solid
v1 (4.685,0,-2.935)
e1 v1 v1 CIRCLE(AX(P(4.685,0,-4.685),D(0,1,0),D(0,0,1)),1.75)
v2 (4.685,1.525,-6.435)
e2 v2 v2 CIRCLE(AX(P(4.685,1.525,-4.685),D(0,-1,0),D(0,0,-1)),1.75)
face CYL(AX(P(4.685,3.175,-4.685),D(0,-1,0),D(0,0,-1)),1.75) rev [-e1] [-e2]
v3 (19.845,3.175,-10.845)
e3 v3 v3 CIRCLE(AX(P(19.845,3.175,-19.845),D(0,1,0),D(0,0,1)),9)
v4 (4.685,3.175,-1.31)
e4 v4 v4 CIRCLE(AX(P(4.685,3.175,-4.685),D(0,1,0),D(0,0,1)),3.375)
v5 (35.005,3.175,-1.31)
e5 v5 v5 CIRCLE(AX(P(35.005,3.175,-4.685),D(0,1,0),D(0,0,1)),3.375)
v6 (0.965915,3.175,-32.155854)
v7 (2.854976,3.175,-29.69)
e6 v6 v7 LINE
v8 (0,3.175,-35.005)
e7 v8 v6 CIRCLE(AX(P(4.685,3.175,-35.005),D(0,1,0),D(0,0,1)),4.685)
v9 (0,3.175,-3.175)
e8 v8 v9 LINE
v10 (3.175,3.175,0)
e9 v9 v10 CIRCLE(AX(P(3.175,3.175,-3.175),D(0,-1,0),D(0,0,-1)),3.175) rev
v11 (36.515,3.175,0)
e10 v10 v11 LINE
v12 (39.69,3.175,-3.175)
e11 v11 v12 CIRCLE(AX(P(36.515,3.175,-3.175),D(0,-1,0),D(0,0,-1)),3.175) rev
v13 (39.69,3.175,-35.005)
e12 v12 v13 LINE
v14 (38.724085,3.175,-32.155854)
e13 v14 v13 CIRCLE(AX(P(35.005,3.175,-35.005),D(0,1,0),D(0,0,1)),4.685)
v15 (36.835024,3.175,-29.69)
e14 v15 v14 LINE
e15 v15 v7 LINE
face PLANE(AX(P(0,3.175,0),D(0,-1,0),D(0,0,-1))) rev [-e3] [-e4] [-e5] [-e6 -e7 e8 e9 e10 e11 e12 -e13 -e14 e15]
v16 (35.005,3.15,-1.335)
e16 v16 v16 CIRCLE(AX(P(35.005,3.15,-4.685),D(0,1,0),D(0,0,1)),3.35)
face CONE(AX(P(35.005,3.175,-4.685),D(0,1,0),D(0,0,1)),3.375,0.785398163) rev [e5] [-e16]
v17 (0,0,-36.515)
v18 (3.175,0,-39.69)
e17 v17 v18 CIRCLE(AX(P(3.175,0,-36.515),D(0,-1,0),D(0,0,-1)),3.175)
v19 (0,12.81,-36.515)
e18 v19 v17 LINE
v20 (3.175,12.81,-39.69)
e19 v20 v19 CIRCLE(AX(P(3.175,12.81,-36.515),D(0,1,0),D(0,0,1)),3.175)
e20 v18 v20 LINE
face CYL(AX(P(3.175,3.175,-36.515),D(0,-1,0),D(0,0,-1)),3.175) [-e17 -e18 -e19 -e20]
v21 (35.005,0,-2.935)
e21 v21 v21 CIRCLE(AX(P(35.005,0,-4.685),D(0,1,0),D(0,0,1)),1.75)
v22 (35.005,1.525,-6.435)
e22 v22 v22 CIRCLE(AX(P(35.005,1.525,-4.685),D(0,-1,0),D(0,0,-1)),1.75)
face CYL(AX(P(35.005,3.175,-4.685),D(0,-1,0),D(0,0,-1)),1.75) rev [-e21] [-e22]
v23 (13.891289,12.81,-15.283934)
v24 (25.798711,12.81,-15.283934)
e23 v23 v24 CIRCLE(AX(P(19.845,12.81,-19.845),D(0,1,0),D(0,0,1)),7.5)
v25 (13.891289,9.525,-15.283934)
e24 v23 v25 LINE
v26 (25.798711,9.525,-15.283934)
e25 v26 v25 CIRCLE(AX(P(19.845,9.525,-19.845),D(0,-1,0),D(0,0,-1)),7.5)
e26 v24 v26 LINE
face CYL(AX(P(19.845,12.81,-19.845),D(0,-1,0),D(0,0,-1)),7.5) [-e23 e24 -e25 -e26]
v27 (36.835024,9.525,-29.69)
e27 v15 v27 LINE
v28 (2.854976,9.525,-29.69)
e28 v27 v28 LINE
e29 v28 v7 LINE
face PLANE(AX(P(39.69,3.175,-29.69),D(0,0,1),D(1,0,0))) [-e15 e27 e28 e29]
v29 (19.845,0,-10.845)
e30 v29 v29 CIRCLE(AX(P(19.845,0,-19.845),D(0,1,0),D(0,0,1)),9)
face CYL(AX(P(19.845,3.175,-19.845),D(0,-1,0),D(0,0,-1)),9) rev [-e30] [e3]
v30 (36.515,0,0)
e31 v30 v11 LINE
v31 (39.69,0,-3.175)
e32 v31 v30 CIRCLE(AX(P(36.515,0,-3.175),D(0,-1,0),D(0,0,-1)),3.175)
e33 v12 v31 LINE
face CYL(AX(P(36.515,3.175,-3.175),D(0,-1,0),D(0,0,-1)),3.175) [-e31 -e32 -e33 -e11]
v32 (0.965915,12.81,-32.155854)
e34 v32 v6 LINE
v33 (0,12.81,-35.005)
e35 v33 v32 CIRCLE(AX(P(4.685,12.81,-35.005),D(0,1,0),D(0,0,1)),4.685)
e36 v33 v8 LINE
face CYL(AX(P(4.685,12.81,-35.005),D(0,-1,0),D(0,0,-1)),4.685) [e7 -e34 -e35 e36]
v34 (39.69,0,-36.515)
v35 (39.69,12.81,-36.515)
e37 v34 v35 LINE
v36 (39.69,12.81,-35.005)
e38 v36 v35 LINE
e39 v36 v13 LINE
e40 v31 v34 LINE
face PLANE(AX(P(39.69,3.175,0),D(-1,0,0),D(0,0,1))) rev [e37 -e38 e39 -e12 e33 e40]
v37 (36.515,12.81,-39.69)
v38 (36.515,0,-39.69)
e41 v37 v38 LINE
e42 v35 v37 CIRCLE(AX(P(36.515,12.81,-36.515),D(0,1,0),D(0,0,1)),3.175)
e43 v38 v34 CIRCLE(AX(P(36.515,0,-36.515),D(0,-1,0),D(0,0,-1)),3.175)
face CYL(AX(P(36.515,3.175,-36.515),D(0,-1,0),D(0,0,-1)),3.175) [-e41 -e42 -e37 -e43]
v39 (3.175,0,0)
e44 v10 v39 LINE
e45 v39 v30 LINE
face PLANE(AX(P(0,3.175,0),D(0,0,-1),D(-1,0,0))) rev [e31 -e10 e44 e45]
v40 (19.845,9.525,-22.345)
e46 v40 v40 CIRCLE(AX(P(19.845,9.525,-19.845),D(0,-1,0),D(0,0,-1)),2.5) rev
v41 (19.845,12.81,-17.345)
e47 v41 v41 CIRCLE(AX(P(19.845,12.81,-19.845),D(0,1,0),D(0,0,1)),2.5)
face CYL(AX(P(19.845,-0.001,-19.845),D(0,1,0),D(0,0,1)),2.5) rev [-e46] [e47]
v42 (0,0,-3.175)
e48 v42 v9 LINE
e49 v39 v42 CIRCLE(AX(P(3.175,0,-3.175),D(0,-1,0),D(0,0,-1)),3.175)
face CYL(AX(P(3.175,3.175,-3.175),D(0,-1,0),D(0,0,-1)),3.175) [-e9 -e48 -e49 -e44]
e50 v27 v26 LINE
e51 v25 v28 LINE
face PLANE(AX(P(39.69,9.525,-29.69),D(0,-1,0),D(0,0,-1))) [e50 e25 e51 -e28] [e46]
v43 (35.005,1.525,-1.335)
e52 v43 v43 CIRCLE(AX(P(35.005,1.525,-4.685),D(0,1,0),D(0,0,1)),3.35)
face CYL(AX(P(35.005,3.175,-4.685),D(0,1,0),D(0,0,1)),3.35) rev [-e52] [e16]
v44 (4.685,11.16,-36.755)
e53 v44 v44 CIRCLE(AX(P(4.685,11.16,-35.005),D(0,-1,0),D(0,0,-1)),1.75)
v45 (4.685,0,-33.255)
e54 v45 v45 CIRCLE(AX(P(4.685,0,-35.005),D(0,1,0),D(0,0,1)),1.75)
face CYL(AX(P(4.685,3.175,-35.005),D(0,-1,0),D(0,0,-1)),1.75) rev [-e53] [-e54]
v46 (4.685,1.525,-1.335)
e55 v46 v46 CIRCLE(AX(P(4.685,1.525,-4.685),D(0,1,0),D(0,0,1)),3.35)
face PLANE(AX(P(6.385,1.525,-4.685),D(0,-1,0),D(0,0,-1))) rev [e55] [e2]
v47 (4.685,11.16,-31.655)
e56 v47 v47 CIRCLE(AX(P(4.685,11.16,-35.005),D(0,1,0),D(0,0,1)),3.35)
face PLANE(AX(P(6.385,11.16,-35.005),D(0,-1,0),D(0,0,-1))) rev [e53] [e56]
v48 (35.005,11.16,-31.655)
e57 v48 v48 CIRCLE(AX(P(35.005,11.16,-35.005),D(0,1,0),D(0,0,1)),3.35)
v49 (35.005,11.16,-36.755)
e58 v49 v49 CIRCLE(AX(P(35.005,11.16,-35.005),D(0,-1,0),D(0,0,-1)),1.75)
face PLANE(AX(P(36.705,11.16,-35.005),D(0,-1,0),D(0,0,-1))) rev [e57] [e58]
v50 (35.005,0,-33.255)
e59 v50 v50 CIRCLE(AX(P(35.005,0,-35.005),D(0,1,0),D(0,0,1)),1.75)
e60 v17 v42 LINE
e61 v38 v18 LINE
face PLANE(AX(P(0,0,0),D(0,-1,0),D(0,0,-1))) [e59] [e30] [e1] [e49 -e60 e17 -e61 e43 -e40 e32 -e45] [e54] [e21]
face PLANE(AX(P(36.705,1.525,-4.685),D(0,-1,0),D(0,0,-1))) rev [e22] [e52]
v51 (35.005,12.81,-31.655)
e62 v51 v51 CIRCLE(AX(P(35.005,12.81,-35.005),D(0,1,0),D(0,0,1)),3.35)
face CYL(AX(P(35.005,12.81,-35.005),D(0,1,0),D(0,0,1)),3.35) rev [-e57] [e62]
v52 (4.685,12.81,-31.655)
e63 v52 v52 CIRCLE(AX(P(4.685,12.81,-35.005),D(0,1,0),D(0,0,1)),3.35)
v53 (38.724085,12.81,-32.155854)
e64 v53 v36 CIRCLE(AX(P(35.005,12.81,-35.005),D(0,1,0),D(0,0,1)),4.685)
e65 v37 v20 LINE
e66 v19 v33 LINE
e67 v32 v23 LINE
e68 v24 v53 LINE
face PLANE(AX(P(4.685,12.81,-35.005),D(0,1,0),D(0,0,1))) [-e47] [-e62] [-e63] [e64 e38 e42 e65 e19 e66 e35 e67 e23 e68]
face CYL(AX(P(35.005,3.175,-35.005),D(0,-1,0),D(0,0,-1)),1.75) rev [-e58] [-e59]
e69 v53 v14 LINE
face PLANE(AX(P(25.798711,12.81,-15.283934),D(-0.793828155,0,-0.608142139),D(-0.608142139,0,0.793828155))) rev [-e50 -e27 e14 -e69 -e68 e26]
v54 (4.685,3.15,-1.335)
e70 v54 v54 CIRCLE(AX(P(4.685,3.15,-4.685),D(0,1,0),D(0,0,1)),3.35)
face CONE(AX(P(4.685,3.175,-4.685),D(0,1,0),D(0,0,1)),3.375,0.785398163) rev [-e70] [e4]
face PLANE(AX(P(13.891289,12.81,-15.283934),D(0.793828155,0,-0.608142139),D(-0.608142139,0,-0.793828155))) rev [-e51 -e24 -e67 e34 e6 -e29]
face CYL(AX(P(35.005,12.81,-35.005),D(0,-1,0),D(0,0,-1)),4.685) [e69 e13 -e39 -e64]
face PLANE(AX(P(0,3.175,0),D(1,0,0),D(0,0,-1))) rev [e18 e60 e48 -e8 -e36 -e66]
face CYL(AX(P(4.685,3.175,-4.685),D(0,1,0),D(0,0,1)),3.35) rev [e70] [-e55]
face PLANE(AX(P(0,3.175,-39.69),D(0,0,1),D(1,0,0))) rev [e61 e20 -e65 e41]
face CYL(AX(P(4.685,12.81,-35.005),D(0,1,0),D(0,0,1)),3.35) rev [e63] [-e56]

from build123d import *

# Parameters (mm, degrees)
SKETCH1_W                       = 39.69
SKETCH1_H                       = 39.69
SKETCH1_R                       = 1.75
SKETCH1_R_2                     = 9
BOSS_EXTRUDE1_DEPTH             = 3.175
SKETCH2_R                       = 1.75
BOSS_EXTRUDE2_DEPTH             = 9.635
SKETCH3_W                       = 29.69
SKETCH3_H                       = 6.35
CUT_EXTRUDE1_DEPTH              = 40.69
CBORE_FOR_M3_SBHCS1_D           = 3.4
CBORE_FOR_M3_SBHCS1_DEPTH       = 14.3
CBORE_FOR_M3_SBHCS1_CBORE_D     = 6.7
CBORE_FOR_M3_SBHCS1_CBORE_DEPTH = 1.65
CBORE_FOR_M3_SBHCS1_TIP         = 1.021463052
CBORE_FOR_M3_SBHCS2_AT_2_COUNT  = 2
CBORE_FOR_M3_SBHCS2_AT_2_PITCH  = 30.32
FILLET1_R                       = 3.175
CUT_EXTRUDE2_REACH              = 14.81
SKETCH8_R                       = 2.5


with BuildPart() as part:
    # Sketch1 → Boss-Extrude1 (new body)
    with BuildSketch(Plane(origin=(0, 0, 0), x_dir=(1, 0, 0), z_dir=(0, 1, 0))):
        with Locations((19.845, 19.845)):
            Rectangle(SKETCH1_W, SKETCH1_H)
        with Locations((4.685, 4.685)):
            Circle(SKETCH1_R, mode=Mode.SUBTRACT)
        with Locations((35.005, 4.685)):
            Circle(SKETCH1_R, mode=Mode.SUBTRACT)
        with Locations((35.005, 35.005)):
            Circle(SKETCH1_R, mode=Mode.SUBTRACT)
        with Locations((4.685, 35.005)):
            Circle(SKETCH1_R, mode=Mode.SUBTRACT)
        with Locations((19.845, 19.845)):
            Circle(SKETCH1_R_2, mode=Mode.SUBTRACT)
    extrude(amount=BOSS_EXTRUDE1_DEPTH)

    # Sketch2 → Boss-Extrude2 (add)
    with BuildSketch(Plane(origin=(0, 3.175, 0), x_dir=(1, 0, 0), z_dir=(0, 1, 0))):
        with BuildLine():
            Line((0, 35.005), (0, 39.69))
            Line((0, 39.69), (4.685, 39.69))
            Line((4.685, 39.69), (35.005, 39.69))
            Line((35.005, 39.69), (39.69, 39.69))
            Line((39.69, 39.69), (39.69, 35.005))
            ThreePointArc((39.69, 35.005), (39.441954912, 33.500787212), (38.724084904, 32.15585408))
            Line((38.724084904, 32.15585408), (25.79871116, 15.283933959))
            ThreePointArc((25.79871116, 15.283933959), (19.845, 12.345), (13.89128884, 15.283933959))
            Line((13.89128884, 15.283933959), (0.965915096, 32.15585408))
            ThreePointArc((0.965915096, 32.15585408), (0.248045088, 33.500787212), (0, 35.005))
        make_face()
        with Locations((35.005, 35.005)):
            Circle(SKETCH2_R, mode=Mode.SUBTRACT)
        with Locations((4.685, 35.005)):
            Circle(SKETCH2_R, mode=Mode.SUBTRACT)
    extrude(amount=BOSS_EXTRUDE2_DEPTH)

    # Sketch3 → Cut-Extrude1 (cut, through all)
    with BuildSketch(Plane.ZY):
        with Locations((-14.845, 6.35)):
            Rectangle(SKETCH3_W, SKETCH3_H)
    extrude(amount=-CUT_EXTRUDE1_DEPTH, mode=Mode.SUBTRACT)

    # CBORE for M3 SBHCS1
    with Locations(Plane(origin=(0, 12.81, 0), x_dir=(1, 0, 0), z_dir=(0, 1, 0))):
        with Locations((4.685, 35.005), (35.005, 35.005)):
            CounterBoreHole(CBORE_FOR_M3_SBHCS1_D / 2, CBORE_FOR_M3_SBHCS1_CBORE_D / 2, CBORE_FOR_M3_SBHCS1_CBORE_DEPTH, depth=CBORE_FOR_M3_SBHCS1_DEPTH)
            with Locations((0, 0, -(CBORE_FOR_M3_SBHCS1_DEPTH + CBORE_FOR_M3_SBHCS1_TIP / 2))):  # 118° drill point
                Cone(0, CBORE_FOR_M3_SBHCS1_D / 2, CBORE_FOR_M3_SBHCS1_TIP, mode=Mode.SUBTRACT)

    # Sketch7 → CBORE for M3 SBHCS2 (revolve, cut)
    with BuildSketch(Plane(origin=(4.685, 3.175, -4.685), x_dir=(0, 0, 1), z_dir=(1, 0, 0))):
        Polygon((0, 0), (0, 15.321463052), (1.7, 14.3), (1.7, 1.65), (3.35, 1.65), (3.35, 0.025), (3.375, 0), align=None)
    cbore_for_m3_sbhcs2 = revolve(axis=Axis((4.685, 9.525, -4.685), (0, -1, 0)), mode=Mode.SUBTRACT)

    # CBORE for M3 SBHCS2 at 2: CBORE for M3 SBHCS2 ×2
    with Locations(*[(i * CBORE_FOR_M3_SBHCS2_AT_2_PITCH, 0, 0) for i in range(1, CBORE_FOR_M3_SBHCS2_AT_2_COUNT)]):
        add(cbore_for_m3_sbhcs2, mode=Mode.SUBTRACT)

    # Fillet1
    fillet1_edges = [part.edges().sort_by_distance(p)[0] for p in [
        (0, 6.405, -39.69),
        (39.69, 6.405, -39.69),
        (39.69, 1.5875, 0),
        (0, 1.5875, 0),
    ]]
    fillet(fillet1_edges, radius=FILLET1_R)

    # Sketch8 → Cut-Extrude2 (cut, up to next)
    with BuildSketch(Plane(origin=(0, 12.81, 0), x_dir=(1, 0, 0), z_dir=(0, 1, 0)), mode=Mode.PRIVATE) as cut_extrude2_sk1:
        with Locations((19.845, 19.845)):
            Circle(SKETCH8_R)
    cut_extrude2_tool1 = extrude(cut_extrude2_sk1.sketch, amount=-CUT_EXTRUDE2_REACH, mode=Mode.PRIVATE) & part.part
    add(cut_extrude2_tool1.solids().sort_by_distance((19.845, 12.81, -19.845))[0], mode=Mode.SUBTRACT)


solid = part.part
